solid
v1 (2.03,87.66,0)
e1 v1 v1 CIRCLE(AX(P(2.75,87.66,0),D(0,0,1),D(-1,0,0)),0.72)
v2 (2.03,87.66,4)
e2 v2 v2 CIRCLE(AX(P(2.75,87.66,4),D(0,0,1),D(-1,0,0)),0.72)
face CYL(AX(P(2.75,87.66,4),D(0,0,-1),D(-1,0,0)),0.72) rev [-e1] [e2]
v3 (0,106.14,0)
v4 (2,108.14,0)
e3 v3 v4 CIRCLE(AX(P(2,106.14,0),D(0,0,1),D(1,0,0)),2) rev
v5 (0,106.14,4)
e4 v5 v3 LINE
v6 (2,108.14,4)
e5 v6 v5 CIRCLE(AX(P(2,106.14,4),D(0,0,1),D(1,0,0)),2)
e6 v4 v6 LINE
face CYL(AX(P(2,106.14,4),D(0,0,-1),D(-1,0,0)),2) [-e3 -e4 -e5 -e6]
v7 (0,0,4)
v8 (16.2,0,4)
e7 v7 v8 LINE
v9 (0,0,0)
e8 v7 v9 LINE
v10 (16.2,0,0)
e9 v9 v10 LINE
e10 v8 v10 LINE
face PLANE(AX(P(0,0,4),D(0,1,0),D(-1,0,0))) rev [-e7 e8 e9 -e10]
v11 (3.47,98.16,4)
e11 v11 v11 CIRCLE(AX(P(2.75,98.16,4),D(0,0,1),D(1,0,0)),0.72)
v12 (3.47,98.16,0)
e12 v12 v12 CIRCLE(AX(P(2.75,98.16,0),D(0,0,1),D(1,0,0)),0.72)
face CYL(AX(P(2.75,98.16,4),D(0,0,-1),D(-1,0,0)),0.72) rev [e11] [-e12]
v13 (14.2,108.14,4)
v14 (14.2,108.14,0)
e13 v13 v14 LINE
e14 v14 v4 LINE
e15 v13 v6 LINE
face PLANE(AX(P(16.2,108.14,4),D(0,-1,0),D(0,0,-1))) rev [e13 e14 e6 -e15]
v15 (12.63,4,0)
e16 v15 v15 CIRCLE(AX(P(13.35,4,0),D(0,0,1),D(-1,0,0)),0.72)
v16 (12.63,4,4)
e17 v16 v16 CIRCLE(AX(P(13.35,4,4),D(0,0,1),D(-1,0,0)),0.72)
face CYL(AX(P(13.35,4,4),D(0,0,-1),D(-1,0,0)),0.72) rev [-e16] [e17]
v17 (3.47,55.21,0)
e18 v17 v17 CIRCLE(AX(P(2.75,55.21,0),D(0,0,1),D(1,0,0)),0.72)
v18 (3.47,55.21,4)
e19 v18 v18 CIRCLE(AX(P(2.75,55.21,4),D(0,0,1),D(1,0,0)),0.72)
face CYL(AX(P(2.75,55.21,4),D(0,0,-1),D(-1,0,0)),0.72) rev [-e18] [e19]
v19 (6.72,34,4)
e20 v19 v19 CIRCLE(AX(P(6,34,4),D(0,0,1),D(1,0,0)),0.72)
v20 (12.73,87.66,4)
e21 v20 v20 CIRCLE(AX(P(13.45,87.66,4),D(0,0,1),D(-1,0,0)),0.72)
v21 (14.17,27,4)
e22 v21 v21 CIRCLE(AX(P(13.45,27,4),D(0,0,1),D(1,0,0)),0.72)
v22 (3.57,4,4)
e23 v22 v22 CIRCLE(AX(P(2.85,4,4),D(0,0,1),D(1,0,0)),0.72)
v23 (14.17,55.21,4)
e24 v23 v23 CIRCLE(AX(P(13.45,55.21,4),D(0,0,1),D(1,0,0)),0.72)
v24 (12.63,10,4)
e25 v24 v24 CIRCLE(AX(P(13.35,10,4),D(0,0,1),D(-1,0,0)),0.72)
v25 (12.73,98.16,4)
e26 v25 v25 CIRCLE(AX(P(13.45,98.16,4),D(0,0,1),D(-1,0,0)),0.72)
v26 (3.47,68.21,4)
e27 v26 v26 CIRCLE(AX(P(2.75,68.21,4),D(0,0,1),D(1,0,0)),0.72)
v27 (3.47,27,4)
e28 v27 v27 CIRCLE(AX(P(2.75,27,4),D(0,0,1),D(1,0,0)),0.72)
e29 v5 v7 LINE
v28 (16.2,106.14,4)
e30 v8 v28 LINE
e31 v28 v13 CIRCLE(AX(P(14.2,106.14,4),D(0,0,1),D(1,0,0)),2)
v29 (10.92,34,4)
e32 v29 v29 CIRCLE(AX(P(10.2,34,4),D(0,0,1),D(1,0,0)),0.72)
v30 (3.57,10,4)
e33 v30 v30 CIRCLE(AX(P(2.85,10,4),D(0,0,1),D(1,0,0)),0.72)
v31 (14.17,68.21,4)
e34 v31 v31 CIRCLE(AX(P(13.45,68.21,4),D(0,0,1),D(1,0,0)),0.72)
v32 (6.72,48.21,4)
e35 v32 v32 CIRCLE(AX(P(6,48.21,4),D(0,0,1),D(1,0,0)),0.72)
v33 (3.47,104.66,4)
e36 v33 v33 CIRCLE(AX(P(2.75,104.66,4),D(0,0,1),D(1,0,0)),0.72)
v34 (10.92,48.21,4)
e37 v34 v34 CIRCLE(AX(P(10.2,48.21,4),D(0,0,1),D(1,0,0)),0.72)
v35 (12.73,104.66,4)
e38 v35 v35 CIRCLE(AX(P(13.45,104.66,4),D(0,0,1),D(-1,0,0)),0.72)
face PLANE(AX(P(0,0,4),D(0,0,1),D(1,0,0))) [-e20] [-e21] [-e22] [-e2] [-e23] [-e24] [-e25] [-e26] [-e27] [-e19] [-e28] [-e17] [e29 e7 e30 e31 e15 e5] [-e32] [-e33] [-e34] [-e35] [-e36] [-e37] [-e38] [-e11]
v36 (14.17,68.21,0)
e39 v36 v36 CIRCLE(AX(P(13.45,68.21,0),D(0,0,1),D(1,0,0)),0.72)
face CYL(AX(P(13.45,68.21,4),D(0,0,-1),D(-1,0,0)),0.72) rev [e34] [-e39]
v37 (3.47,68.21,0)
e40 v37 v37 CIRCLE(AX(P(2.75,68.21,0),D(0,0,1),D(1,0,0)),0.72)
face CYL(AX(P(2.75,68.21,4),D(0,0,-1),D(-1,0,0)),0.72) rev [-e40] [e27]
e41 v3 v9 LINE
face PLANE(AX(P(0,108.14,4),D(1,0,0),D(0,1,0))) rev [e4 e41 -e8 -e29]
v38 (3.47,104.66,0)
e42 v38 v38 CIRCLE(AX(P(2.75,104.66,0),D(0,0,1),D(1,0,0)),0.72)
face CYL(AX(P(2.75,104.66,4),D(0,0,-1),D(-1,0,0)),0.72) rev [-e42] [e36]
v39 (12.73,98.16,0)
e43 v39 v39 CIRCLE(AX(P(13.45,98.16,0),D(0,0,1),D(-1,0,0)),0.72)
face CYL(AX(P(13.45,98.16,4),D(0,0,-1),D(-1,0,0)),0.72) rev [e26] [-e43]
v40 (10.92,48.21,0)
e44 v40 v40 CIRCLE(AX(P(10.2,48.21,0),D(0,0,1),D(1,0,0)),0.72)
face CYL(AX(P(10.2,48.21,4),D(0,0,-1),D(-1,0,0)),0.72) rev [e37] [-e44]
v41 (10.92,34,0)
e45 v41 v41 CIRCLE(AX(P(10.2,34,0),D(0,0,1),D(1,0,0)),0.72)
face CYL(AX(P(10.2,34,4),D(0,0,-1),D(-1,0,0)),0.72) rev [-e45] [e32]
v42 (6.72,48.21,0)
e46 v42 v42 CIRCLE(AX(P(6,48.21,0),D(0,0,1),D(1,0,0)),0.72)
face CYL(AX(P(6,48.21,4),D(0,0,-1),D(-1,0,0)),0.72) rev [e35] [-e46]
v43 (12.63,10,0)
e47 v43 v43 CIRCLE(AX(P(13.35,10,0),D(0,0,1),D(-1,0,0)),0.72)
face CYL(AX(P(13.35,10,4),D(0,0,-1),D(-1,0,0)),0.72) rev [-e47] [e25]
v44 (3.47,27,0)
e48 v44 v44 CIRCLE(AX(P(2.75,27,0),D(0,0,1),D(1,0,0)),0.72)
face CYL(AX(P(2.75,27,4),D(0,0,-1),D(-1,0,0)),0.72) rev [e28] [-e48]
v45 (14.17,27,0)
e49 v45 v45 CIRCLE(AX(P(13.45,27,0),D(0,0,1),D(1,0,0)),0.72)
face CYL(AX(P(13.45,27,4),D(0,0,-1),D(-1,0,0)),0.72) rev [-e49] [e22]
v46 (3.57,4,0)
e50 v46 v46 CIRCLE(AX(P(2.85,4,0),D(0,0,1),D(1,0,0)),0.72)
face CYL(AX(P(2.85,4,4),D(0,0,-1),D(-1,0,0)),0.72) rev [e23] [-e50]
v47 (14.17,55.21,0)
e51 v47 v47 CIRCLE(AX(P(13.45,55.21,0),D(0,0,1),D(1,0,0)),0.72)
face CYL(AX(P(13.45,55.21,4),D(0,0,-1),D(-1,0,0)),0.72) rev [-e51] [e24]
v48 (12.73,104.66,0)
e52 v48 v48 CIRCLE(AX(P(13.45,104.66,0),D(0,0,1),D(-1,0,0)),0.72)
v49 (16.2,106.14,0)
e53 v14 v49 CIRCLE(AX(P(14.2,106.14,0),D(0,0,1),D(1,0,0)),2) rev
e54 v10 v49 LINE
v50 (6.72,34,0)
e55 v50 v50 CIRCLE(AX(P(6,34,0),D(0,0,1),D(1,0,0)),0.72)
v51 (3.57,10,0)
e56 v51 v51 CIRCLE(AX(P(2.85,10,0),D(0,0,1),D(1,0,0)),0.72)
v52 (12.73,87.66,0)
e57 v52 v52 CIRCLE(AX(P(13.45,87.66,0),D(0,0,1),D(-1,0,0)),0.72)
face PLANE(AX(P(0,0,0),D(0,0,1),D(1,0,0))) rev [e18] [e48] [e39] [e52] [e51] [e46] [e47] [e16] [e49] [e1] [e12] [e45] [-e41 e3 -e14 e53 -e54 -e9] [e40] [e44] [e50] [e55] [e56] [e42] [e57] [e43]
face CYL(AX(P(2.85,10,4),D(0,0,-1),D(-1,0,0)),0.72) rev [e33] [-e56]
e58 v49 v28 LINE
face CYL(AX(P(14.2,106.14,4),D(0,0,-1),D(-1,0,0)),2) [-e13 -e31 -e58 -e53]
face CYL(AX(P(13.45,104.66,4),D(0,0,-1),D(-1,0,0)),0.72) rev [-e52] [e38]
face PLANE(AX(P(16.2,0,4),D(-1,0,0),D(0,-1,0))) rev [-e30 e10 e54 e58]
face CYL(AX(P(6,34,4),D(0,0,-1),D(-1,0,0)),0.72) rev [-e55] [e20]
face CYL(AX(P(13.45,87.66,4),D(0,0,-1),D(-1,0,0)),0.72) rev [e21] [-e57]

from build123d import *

# Parameters (mm, degrees)
SKETCH1_W           = 16.2
SKETCH1_H           = 108.14
SKETCH1_R           = 0.72
BOSS_EXTRUDE1_DEPTH = 4
FILLET1_R           = 2


with BuildPart() as part:
    # Sketch1 → Boss-Extrude1 (new body)
    with BuildSketch(Plane.XY):
        with Locations((8.1, 54.07)):
            Rectangle(SKETCH1_W, SKETCH1_H)
        with Locations((13.45, 55.21)):
            Circle(SKETCH1_R, mode=Mode.SUBTRACT)
        with Locations((10.2, 48.21)):
            Circle(SKETCH1_R, mode=Mode.SUBTRACT)
        with Locations((13.45, 104.66)):
            Circle(SKETCH1_R, mode=Mode.SUBTRACT)
        with Locations((2.75, 98.16)):
            Circle(SKETCH1_R, mode=Mode.SUBTRACT)
        with Locations((6, 48.21)):
            Circle(SKETCH1_R, mode=Mode.SUBTRACT)
        with Locations((2.75, 27)):
            Circle(SKETCH1_R, mode=Mode.SUBTRACT)
        with Locations((2.75, 87.66)):
            Circle(SKETCH1_R, mode=Mode.SUBTRACT)
        with Locations((2.75, 55.21)):
            Circle(SKETCH1_R, mode=Mode.SUBTRACT)
        with Locations((13.45, 87.66)):
            Circle(SKETCH1_R, mode=Mode.SUBTRACT)
        with Locations((13.45, 98.16)):
            Circle(SKETCH1_R, mode=Mode.SUBTRACT)
        with Locations((13.45, 68.21)):
            Circle(SKETCH1_R, mode=Mode.SUBTRACT)
        with Locations((6, 34)):
            Circle(SKETCH1_R, mode=Mode.SUBTRACT)
        with Locations((2.75, 104.66)):
            Circle(SKETCH1_R, mode=Mode.SUBTRACT)
        with Locations((10.2, 34)):
            Circle(SKETCH1_R, mode=Mode.SUBTRACT)
        with Locations((2.75, 68.21)):
            Circle(SKETCH1_R, mode=Mode.SUBTRACT)
        with Locations((13.45, 27)):
            Circle(SKETCH1_R, mode=Mode.SUBTRACT)
        with Locations((2.85, 10)):
            Circle(SKETCH1_R, mode=Mode.SUBTRACT)
        with Locations((13.35, 10)):
            Circle(SKETCH1_R, mode=Mode.SUBTRACT)
        with Locations((13.35, 4)):
            Circle(SKETCH1_R, mode=Mode.SUBTRACT)
        with Locations((2.85, 4)):
            Circle(SKETCH1_R, mode=Mode.SUBTRACT)
    extrude(amount=BOSS_EXTRUDE1_DEPTH)

    # Fillet1
    fillet1_edges = [part.edges().sort_by_distance(p)[0] for p in [
        (0, 108.14, 2),
        (16.2, 108.14, 2),
    ]]
    fillet(fillet1_edges, radius=FILLET1_R)


solid = part.part
